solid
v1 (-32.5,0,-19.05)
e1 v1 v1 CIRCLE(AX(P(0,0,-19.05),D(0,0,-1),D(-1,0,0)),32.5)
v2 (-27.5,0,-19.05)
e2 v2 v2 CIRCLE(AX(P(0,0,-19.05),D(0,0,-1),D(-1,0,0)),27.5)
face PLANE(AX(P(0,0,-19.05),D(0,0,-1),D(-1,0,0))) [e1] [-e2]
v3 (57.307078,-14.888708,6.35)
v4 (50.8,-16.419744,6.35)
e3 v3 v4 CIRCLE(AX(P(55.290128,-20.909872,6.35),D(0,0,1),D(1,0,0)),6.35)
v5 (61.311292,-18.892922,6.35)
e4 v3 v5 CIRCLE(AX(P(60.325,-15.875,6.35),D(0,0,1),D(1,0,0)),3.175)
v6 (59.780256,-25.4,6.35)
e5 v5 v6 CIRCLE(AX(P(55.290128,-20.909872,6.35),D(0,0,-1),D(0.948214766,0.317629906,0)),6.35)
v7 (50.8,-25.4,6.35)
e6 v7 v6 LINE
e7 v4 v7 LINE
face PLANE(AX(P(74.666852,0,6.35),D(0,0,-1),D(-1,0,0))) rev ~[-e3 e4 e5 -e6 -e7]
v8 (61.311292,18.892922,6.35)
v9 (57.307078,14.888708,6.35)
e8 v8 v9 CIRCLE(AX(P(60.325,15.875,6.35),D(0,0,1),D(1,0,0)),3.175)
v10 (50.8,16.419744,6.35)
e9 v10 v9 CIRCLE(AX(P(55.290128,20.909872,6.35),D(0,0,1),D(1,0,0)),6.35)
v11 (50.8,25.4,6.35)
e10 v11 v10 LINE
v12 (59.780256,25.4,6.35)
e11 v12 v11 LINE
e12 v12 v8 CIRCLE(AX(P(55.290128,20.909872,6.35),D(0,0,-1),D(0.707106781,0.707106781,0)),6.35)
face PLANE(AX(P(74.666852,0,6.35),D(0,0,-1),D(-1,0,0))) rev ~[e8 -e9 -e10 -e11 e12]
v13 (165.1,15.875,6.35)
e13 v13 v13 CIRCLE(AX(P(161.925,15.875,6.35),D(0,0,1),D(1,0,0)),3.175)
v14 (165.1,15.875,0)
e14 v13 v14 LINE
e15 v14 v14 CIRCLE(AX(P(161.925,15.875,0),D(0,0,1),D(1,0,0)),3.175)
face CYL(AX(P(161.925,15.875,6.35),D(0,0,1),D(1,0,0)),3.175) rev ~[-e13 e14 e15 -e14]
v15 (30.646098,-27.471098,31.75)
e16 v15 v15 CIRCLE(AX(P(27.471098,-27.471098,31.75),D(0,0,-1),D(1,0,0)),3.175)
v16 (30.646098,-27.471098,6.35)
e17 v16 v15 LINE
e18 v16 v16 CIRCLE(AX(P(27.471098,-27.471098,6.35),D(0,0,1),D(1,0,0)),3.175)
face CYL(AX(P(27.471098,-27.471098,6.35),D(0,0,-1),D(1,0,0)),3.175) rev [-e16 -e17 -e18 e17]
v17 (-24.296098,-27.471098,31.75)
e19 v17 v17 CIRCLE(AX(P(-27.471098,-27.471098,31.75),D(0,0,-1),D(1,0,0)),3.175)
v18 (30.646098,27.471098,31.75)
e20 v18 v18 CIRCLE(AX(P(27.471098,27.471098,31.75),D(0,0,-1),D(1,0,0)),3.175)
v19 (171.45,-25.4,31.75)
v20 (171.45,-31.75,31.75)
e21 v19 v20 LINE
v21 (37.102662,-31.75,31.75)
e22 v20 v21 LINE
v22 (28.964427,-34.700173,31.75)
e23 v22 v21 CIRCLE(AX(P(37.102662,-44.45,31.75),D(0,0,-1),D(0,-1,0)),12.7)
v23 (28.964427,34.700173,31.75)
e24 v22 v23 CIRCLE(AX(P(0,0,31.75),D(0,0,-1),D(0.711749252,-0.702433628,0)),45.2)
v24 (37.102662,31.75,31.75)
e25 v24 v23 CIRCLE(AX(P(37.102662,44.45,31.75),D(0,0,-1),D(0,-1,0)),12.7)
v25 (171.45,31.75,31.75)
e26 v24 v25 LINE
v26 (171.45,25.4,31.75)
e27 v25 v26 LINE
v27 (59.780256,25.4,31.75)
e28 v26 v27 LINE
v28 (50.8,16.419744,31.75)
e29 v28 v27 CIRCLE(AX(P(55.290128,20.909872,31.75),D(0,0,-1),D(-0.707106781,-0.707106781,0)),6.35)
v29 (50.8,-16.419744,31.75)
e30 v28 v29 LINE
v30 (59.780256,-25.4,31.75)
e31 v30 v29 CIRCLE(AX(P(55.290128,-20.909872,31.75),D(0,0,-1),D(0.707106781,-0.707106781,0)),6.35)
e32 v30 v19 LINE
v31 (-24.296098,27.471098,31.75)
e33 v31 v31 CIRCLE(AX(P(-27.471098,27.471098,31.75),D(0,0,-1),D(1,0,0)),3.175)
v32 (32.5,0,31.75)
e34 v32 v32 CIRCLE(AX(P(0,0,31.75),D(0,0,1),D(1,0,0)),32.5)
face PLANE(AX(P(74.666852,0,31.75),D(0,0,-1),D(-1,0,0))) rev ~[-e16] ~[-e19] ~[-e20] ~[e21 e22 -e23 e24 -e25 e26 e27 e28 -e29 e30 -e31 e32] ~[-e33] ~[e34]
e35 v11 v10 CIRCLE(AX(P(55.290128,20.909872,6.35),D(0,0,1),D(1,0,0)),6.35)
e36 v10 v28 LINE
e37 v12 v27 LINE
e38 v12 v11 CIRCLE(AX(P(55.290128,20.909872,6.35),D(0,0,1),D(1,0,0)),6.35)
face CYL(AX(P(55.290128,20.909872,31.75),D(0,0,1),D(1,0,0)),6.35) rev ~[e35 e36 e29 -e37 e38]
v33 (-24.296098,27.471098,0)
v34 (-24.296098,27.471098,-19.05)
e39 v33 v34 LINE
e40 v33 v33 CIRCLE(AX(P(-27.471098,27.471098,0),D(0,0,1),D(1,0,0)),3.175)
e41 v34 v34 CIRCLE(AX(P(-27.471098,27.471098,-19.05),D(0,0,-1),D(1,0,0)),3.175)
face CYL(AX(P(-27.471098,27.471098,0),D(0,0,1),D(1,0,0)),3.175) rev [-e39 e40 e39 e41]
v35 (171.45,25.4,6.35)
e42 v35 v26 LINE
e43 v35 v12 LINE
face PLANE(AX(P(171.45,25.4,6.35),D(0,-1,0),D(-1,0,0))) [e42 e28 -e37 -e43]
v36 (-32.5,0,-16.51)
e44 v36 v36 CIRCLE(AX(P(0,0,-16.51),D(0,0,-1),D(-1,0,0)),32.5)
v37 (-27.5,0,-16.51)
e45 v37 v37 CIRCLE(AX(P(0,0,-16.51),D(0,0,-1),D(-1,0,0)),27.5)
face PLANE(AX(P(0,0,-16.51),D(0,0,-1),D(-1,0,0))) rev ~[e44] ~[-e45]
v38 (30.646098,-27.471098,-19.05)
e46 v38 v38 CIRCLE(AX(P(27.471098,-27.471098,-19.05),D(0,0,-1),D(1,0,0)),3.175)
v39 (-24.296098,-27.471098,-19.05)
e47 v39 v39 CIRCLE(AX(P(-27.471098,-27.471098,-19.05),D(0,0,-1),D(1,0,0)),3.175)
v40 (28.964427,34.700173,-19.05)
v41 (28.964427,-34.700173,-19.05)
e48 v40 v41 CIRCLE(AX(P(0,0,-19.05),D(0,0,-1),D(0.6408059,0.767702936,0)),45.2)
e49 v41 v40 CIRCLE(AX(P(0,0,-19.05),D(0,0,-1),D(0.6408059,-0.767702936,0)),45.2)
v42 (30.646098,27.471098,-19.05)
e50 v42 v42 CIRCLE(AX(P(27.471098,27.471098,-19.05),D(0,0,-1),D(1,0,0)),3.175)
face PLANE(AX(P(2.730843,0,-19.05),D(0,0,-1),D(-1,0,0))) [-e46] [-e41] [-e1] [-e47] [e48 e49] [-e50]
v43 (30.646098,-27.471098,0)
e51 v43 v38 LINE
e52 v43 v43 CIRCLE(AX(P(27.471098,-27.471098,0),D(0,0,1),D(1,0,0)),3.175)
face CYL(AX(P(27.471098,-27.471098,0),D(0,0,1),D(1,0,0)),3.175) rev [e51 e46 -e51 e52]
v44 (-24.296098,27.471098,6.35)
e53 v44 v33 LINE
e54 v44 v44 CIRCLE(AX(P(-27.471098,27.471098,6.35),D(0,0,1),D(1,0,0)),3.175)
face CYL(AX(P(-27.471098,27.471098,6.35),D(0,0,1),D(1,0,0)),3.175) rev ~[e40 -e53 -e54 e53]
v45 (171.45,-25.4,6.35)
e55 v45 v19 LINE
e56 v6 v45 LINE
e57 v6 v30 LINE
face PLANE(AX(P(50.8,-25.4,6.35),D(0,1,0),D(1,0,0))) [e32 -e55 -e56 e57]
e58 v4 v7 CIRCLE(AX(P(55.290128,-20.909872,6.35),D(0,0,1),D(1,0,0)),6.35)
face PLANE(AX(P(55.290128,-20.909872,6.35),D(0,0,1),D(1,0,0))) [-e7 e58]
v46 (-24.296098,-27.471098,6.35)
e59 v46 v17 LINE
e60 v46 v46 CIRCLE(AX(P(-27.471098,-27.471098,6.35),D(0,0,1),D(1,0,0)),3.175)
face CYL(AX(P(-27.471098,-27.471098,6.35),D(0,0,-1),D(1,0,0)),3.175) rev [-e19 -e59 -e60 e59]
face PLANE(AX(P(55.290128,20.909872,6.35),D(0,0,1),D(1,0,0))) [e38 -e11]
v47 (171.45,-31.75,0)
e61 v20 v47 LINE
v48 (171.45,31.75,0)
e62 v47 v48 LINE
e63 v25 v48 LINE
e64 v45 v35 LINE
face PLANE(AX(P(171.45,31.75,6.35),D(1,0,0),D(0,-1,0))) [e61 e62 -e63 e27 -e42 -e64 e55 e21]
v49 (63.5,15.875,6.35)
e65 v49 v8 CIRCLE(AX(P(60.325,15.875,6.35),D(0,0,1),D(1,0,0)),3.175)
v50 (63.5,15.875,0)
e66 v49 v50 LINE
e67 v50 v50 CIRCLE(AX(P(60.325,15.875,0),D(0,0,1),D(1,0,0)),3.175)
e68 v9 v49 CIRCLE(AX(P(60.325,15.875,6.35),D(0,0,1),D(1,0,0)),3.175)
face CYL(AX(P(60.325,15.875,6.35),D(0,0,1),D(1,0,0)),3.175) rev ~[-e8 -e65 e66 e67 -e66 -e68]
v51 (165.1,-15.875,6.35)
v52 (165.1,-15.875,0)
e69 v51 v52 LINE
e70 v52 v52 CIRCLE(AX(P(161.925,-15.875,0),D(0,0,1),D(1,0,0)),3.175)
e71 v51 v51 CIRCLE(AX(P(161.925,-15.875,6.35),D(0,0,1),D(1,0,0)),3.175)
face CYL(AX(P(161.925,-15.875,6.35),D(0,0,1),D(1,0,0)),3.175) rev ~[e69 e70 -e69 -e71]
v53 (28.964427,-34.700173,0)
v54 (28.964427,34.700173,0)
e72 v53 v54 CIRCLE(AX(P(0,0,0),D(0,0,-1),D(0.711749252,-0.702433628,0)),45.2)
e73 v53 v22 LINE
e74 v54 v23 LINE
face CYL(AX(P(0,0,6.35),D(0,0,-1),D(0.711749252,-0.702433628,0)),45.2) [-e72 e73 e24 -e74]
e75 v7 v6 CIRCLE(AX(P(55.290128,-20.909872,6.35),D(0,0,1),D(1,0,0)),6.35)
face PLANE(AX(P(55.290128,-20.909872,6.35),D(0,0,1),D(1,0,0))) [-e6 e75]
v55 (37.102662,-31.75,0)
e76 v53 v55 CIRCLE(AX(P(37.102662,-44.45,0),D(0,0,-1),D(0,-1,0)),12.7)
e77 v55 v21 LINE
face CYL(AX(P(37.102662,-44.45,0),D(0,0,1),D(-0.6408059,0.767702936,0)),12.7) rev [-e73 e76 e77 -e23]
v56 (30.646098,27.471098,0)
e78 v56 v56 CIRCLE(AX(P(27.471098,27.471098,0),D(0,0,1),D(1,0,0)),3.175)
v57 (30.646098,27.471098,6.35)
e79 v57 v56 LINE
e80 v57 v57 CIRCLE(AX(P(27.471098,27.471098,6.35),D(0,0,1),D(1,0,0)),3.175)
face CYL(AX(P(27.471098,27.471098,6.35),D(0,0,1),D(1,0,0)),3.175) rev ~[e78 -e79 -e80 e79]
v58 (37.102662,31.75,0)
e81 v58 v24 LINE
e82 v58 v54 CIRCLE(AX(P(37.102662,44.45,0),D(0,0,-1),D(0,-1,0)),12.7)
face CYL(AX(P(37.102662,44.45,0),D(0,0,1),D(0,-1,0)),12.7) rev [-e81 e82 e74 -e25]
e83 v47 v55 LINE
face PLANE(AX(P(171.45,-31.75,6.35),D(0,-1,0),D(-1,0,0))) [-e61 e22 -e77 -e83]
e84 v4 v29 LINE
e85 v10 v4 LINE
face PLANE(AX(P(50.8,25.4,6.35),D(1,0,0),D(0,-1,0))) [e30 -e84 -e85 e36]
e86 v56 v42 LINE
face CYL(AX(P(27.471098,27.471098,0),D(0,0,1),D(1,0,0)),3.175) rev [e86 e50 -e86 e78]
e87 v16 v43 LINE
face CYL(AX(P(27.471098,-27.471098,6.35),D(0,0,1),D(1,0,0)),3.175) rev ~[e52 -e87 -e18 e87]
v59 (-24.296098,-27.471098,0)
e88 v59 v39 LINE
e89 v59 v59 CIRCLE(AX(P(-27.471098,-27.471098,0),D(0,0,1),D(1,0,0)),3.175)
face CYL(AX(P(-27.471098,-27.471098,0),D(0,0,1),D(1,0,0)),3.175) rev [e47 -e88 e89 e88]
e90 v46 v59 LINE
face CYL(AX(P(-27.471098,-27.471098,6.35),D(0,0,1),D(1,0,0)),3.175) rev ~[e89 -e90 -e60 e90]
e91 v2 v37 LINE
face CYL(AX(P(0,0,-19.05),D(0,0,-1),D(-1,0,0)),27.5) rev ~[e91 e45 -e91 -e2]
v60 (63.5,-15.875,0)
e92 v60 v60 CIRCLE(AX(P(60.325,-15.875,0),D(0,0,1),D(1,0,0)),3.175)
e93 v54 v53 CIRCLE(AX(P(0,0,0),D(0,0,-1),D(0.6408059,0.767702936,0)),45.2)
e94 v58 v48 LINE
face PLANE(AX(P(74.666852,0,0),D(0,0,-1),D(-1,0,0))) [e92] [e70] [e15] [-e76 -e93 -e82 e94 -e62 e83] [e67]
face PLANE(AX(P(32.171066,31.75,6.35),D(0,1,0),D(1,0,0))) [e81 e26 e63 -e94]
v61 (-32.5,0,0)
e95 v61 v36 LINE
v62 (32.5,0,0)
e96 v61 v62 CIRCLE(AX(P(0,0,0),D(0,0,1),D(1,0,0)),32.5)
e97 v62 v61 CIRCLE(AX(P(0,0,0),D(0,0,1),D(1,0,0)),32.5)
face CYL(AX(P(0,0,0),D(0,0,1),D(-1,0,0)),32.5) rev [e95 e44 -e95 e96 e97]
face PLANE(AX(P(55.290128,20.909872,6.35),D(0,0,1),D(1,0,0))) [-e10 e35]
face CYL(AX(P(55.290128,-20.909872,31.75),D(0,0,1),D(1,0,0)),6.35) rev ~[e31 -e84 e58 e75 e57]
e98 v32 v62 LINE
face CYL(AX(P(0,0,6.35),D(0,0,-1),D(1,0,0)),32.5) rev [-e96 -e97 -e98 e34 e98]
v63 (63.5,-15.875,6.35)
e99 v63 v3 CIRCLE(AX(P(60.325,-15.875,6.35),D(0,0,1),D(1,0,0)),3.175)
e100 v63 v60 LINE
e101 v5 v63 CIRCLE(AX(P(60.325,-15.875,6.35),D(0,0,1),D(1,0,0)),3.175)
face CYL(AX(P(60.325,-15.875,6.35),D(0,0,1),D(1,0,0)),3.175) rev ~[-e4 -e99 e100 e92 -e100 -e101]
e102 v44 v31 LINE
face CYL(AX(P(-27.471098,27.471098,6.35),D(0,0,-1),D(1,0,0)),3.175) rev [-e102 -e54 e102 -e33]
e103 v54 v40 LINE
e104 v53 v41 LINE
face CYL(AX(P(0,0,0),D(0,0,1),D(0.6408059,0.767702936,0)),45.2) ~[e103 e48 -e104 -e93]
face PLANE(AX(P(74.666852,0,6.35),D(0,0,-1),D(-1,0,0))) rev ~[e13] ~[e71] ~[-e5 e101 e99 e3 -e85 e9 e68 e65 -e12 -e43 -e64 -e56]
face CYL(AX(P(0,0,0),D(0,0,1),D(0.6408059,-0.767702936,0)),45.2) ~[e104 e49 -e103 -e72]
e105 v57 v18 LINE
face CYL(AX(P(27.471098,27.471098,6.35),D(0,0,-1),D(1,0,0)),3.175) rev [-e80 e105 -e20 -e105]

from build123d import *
from build123d.topology import SkipClean

# Parameters (mm, degrees)
SKETCH1_R               = 32.5
SKETCH1_W               = 120.65
SKETCH1_H               = 50.8
BOSS_EXTRUDE2_DEPTH     = 6.35
BOSS_EXTRUDE3_START     = 6.35
SKETCH1_3_R             = 32.5
BOSS_EXTRUDE3_DEPTH     = 25.4
SKETCH2_R               = 3.175
CUT_EXTRUDE1_DEPTH      = 180.118124432
CUT_EXTRUDE1_DEPTH_BACK = 180.118124432
SKETCH3_R               = 6.35
CUT_EXTRUDE2_DEPTH      = 25.4
FILLET1_R               = 12.7
SKETCH5_R               = 3.175
SKETCH5_R_2             = 32.5
BOSS_EXTRUDE6_DEPTH     = 19.05
SKETCH6_R               = 32.5
SKETCH6_R_2             = 27.5
BOSS_EXTRUDE7_DEPTH     = 2.54


with BuildPart() as part:
    # Sketch1 → Boss-Extrude2 (new body)
    with BuildSketch(Plane.XY):
        with BuildLine():
            Line((32.171066193, 31.75), (171.45, 31.75))
            Line((171.45, 31.75), (171.45, 25.4))
            Line((171.45, 25.4), (50.8, 25.4))
            Line((50.8, 25.4), (50.8, -25.4))
            Line((50.8, -25.4), (171.45, -25.4))
            Line((171.45, -25.4), (171.45, -31.75))
            Line((171.45, -31.75), (32.171066193, -31.75))
            ThreePointArc((32.171066193, -31.75), (-45.2, 0), (32.171066193, 31.75))
        make_face()
        Circle(SKETCH1_R, mode=Mode.SUBTRACT)
        with Locations((111.125, 0)):
            Rectangle(SKETCH1_W, SKETCH1_H)
    extrude(amount=BOSS_EXTRUDE2_DEPTH)

    # Sketch1<3> → Boss-Extrude3 (add)
    with BuildSketch(Plane.XY.offset(BOSS_EXTRUDE3_START)):
        with BuildLine():
            Line((32.171066193, 31.75), (171.45, 31.75))
            Line((171.45, 31.75), (171.45, 25.4))
            Line((171.45, 25.4), (50.8, 25.4))
            Line((50.8, 25.4), (50.8, -25.4))
            Line((50.8, -25.4), (171.45, -25.4))
            Line((171.45, -25.4), (171.45, -31.75))
            Line((171.45, -31.75), (32.171066193, -31.75))
            ThreePointArc((32.171066193, -31.75), (-45.2, 0), (32.171066193, 31.75))
        make_face()
        Circle(SKETCH1_3_R, mode=Mode.SUBTRACT)
    extrude(amount=BOSS_EXTRUDE3_DEPTH)

    # Sketch2 → Cut-Extrude1 (cut, two sides)
    with BuildSketch(Plane.XY.offset(6.35)) as cut_extrude1_sk:
        with Locations((60.325, 15.875)):
            Circle(SKETCH2_R)
        with Locations((161.925, 15.875)):
            Circle(SKETCH2_R)
        with Locations((161.925, -15.875)):
            Circle(SKETCH2_R)
        with Locations((60.325, -15.875)):
            Circle(SKETCH2_R)
        with Locations((27.471098449, 27.471098449)):
            Circle(SKETCH2_R)
        with Locations((27.471098449, -27.471098449)):
            Circle(SKETCH2_R)
        with Locations((-27.471098449, -27.471098449)):
            Circle(SKETCH2_R)
        with Locations((-27.471098449, 27.471098449)):
            Circle(SKETCH2_R)
    extrude(amount=CUT_EXTRUDE1_DEPTH, mode=Mode.SUBTRACT)
    extrude(cut_extrude1_sk.sketch, amount=-CUT_EXTRUDE1_DEPTH_BACK, mode=Mode.SUBTRACT)

    # Sketch3 → Cut-Extrude2 (cut)
    with BuildSketch(Plane.XY.offset(31.75)):
        with Locations((55.290128061, 20.909871939)):
            Circle(SKETCH3_R)
        with Locations((55.290128061, -20.909871939)):
            Circle(SKETCH3_R)
    extrude(amount=-CUT_EXTRUDE2_DEPTH, mode=Mode.SUBTRACT)

    # Fillet1
    fillet1_edges = [part.edges().sort_by_distance(p)[0] for p in [
        (32.171066193, -31.75, 15.875),
        (32.171066193, 31.75, 15.875),
    ]]
    fillet(fillet1_edges, radius=FILLET1_R)

    # Sketch5 → Boss-Extrude6 (add)
    with SkipClean():  # the faces are left unmerged after this step: merging them gives an invalid solid
        with BuildSketch(Plane(origin=(0, 0, 0), x_dir=(-1, 0, 0), z_dir=(0, 0, -1))):
            with BuildLine():
                ThreePointArc((-28.964426695, -34.700172712), (45.2, 0), (-28.964426695, 34.700172712))
                ThreePointArc((-28.964426695, 34.700172712), (-45.2, 0), (-28.964426695, -34.700172712))
            make_face()
            with Locations(Location((-27.471098449, -27.471098449, 0), (0, 0, 180))):
                Circle(SKETCH5_R, mode=Mode.SUBTRACT)
            with Locations(Location((27.471098449, -27.471098449, 0), (0, 0, 180))):
                Circle(SKETCH5_R, mode=Mode.SUBTRACT)
            with Locations(Location((27.471098449, 27.471098449, 0), (0, 0, 180))):
                Circle(SKETCH5_R, mode=Mode.SUBTRACT)
            with Locations(Location((-27.471098449, 27.471098449, 0), (0, 0, 180))):
                Circle(SKETCH5_R, mode=Mode.SUBTRACT)
            Circle(SKETCH5_R_2, mode=Mode.SUBTRACT)
        extrude(amount=BOSS_EXTRUDE6_DEPTH)

    # Sketch6 → Boss-Extrude7 (add)
    with SkipClean():  # the faces are left unmerged after this step: merging them gives an invalid solid
        with BuildSketch(Plane(origin=(0, 0, -19.05), x_dir=(-1, 0, 0), z_dir=(0, 0, -1))):
            Circle(SKETCH6_R)
            Circle(SKETCH6_R_2, mode=Mode.SUBTRACT)
        extrude(amount=-BOSS_EXTRUDE7_DEPTH)


solid = part.part
